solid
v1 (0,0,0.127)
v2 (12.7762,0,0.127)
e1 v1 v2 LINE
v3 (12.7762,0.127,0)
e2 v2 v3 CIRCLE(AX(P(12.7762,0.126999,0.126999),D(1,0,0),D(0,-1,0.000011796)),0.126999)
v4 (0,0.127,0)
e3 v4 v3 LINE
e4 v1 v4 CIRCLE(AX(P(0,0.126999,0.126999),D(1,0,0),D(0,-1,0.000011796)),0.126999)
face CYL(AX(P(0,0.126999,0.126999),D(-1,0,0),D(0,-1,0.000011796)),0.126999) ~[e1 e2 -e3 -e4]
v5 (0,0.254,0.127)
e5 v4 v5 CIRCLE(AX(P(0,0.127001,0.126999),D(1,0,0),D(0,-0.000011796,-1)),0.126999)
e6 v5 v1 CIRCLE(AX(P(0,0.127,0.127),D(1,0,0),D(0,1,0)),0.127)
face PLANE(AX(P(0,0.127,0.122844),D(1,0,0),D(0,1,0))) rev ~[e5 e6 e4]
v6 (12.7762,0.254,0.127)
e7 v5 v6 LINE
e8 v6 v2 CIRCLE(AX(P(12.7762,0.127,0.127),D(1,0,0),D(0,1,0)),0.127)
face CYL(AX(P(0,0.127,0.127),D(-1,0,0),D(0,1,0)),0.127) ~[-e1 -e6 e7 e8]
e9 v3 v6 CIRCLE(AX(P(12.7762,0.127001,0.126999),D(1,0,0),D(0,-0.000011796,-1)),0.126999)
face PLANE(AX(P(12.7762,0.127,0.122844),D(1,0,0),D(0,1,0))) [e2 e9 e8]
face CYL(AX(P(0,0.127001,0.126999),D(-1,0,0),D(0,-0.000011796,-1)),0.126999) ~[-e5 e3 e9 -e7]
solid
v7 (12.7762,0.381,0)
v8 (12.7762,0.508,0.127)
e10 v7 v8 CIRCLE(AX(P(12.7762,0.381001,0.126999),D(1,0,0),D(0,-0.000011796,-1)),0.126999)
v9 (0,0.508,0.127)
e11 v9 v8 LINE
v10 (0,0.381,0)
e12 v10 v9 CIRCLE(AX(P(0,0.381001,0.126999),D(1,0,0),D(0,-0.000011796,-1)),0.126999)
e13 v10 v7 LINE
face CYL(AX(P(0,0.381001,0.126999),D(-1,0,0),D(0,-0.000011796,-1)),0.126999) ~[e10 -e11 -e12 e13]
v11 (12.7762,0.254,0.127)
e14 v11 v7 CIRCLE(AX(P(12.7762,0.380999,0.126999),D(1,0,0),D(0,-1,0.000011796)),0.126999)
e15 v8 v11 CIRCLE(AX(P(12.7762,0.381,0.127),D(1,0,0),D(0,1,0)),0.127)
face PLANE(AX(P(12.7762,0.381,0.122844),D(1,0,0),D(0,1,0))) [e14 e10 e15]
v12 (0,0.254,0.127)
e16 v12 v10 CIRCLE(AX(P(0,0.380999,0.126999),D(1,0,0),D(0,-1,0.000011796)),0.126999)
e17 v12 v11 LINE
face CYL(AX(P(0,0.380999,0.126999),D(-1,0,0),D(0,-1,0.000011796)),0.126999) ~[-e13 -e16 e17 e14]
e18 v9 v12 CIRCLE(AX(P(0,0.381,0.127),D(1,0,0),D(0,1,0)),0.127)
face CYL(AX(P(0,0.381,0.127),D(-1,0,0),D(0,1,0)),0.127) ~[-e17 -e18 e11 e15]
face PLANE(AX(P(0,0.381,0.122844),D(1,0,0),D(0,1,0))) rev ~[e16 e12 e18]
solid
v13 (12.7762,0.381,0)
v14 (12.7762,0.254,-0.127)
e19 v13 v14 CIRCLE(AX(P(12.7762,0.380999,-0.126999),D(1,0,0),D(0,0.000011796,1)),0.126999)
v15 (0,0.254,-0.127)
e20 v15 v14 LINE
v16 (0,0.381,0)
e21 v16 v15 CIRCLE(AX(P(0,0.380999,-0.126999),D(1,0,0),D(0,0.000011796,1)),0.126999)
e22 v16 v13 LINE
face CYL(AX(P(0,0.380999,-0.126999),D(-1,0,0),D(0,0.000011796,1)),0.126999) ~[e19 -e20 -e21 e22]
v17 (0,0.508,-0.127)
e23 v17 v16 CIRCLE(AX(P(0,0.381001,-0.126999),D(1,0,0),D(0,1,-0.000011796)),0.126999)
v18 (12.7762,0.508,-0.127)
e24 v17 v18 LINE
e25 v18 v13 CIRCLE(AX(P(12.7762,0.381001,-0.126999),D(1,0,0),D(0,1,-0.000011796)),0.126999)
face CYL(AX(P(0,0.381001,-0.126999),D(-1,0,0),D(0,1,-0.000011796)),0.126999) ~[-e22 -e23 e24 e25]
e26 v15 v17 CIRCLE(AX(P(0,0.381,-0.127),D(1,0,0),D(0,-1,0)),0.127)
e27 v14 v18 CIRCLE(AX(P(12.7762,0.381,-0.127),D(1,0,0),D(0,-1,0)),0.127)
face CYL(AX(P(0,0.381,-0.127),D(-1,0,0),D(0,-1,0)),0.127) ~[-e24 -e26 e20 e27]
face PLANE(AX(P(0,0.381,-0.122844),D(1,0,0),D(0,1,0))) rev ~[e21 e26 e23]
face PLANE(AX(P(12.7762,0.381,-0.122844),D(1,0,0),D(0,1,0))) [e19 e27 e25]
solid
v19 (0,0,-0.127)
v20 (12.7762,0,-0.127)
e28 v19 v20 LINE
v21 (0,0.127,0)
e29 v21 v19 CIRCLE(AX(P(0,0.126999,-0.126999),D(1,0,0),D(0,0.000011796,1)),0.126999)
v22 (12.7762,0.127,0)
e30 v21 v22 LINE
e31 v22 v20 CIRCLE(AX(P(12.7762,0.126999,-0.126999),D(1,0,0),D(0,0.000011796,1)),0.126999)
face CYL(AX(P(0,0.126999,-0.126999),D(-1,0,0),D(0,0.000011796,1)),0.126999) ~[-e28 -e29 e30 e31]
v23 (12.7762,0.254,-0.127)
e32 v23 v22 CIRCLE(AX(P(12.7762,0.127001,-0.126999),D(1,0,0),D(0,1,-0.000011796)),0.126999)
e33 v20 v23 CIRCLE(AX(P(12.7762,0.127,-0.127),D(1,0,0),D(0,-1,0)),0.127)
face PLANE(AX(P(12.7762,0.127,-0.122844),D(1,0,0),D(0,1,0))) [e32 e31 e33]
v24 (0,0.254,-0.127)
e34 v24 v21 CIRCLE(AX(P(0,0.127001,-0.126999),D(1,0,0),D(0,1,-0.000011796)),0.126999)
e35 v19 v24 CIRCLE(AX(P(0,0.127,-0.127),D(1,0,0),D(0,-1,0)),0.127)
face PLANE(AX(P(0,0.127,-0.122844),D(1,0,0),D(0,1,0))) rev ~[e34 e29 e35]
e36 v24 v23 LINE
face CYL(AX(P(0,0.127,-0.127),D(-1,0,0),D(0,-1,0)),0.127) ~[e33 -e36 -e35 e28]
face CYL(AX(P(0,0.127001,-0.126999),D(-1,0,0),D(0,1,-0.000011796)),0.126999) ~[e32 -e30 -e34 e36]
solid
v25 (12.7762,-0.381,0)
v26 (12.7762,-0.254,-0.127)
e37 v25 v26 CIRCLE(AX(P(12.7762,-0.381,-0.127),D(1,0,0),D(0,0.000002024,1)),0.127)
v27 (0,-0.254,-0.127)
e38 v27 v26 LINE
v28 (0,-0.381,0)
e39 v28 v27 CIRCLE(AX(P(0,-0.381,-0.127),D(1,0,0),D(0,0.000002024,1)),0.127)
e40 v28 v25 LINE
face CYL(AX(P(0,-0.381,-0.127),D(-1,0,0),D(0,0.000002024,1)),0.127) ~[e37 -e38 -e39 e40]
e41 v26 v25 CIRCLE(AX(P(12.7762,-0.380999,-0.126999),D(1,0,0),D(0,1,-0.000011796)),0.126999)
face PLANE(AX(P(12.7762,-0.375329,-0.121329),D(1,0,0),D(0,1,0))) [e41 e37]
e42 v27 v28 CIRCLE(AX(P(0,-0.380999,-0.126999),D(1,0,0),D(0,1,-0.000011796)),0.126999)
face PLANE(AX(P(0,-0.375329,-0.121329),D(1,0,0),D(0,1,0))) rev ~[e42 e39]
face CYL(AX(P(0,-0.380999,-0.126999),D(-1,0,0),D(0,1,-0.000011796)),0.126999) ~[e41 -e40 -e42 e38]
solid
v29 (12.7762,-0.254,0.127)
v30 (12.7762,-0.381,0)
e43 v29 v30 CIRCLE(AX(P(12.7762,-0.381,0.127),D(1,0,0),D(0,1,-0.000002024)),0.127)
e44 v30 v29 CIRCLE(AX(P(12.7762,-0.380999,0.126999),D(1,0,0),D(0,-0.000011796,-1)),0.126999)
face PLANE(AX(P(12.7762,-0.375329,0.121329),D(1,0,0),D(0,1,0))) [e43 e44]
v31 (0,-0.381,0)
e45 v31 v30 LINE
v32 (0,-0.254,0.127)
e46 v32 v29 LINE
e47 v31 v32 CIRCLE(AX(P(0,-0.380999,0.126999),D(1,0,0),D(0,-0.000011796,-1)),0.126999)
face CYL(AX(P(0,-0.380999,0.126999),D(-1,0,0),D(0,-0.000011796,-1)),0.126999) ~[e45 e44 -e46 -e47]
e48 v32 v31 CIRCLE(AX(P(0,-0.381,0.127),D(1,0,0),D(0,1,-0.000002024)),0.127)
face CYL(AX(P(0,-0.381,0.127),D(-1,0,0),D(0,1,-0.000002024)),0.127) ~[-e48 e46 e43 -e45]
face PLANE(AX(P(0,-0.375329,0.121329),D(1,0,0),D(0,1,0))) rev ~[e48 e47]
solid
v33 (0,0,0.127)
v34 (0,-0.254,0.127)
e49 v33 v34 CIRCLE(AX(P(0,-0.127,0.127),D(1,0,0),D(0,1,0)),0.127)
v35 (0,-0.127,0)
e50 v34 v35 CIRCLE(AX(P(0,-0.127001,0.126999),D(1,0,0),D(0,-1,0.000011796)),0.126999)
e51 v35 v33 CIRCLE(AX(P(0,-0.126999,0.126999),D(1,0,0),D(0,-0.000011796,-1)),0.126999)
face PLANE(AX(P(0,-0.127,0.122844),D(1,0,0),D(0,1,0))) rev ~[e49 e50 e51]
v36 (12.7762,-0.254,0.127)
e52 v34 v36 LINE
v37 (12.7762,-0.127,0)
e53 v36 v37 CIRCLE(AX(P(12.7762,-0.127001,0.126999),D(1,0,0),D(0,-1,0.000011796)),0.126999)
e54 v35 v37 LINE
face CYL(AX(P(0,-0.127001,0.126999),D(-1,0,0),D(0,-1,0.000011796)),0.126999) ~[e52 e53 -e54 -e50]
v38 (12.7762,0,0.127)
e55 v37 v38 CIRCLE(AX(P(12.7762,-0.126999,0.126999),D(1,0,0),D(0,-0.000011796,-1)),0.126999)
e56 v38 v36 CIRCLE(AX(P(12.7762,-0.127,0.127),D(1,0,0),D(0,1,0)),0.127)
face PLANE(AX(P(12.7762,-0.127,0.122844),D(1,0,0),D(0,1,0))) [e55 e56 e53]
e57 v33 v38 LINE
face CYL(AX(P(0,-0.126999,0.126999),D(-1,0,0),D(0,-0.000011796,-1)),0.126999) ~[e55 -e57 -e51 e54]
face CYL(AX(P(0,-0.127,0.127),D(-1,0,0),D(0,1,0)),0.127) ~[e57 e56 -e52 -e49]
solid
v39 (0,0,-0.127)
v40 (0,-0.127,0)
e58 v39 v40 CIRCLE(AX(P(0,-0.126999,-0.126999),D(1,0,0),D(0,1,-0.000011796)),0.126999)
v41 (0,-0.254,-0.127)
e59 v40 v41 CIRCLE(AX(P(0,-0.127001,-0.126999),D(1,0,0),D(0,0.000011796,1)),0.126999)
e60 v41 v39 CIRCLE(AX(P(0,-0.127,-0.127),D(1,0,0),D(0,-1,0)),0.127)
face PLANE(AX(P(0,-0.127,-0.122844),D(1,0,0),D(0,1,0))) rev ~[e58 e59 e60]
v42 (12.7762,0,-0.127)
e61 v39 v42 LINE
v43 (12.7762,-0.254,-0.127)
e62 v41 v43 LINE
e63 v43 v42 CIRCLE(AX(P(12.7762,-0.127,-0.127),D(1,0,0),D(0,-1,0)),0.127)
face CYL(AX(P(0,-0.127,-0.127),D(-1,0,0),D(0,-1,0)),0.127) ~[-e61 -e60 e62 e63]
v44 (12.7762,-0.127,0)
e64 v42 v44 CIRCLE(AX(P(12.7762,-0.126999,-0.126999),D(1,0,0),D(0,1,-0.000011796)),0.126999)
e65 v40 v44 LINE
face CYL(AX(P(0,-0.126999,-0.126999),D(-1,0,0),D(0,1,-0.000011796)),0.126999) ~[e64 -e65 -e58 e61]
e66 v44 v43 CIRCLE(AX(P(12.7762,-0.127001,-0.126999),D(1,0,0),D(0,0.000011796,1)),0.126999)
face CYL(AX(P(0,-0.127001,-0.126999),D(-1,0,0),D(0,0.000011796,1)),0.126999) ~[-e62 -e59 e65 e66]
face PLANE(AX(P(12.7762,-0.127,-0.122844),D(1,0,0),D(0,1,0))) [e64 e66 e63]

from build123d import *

# Parameters (mm, degrees)
F1_DEPTH = 12.7762


with BuildPart() as f1:
    # F0 (on Right) → F1 (new body)
    with BuildSketch(Plane.YZ):
        with BuildLine():
            ThreePointArc((-0.381, 0), (-0.291197, 0.037197), (-0.254, 0.127))
            ThreePointArc((-0.254, 0.127), (-0.470803, 0.216803), (-0.381, 0))
        make_face()
        with BuildLine():
            ThreePointArc((0, 0.127), (-0.127, 0.254), (-0.254, 0.127))
            ThreePointArc((-0.254, 0.127), (-0.216803, 0.037197), (-0.127, 0))
            ThreePointArc((-0.127, 0), (-0.037197, 0.037197), (0, 0.127))
        make_face()
        with BuildLine():
            ThreePointArc((0, -0.127), (-0.037197, -0.037197), (-0.127, 0))
            ThreePointArc((-0.127, 0), (-0.216803, -0.037197), (-0.254, -0.127))
            ThreePointArc((-0.254, -0.127), (-0.127, -0.254), (0, -0.127))
        make_face()
        with BuildLine():
            ThreePointArc((0.254, 0.127), (0.127, 0.254), (0, 0.127))
            ThreePointArc((0, 0.127), (0.037197, 0.037197), (0.127, 0))
            ThreePointArc((0.127, 0), (0.216803, 0.037197), (0.254, 0.127))
        make_face()
        with BuildLine():
            ThreePointArc((-0.254, -0.127), (-0.291197, -0.037197), (-0.381, 0))
            ThreePointArc((-0.381, 0), (-0.470803, -0.216803), (-0.254, -0.127))
        make_face()
        with BuildLine():
            ThreePointArc((0.254, -0.127), (0.216803, -0.037197), (0.127, 0))
            ThreePointArc((0.127, 0), (0.037197, -0.037197), (0, -0.127))
            ThreePointArc((0, -0.127), (0.127, -0.254), (0.254, -0.127))
        make_face()
        with BuildLine():
            ThreePointArc((0.508, 0.127), (0.381, 0.254), (0.254, 0.127))
            ThreePointArc((0.254, 0.127), (0.291197, 0.037197), (0.381, 0))
            ThreePointArc((0.381, 0), (0.470803, 0.037197), (0.508, 0.127))
        make_face()
        with BuildLine():
            ThreePointArc((0.508, -0.127), (0.470803, -0.037197), (0.381, 0))
            ThreePointArc((0.381, 0), (0.291197, -0.037197), (0.254, -0.127))
            ThreePointArc((0.254, -0.127), (0.381, -0.254), (0.508, -0.127))
        make_face()
    extrude(amount=F1_DEPTH)


solid = f1.part
